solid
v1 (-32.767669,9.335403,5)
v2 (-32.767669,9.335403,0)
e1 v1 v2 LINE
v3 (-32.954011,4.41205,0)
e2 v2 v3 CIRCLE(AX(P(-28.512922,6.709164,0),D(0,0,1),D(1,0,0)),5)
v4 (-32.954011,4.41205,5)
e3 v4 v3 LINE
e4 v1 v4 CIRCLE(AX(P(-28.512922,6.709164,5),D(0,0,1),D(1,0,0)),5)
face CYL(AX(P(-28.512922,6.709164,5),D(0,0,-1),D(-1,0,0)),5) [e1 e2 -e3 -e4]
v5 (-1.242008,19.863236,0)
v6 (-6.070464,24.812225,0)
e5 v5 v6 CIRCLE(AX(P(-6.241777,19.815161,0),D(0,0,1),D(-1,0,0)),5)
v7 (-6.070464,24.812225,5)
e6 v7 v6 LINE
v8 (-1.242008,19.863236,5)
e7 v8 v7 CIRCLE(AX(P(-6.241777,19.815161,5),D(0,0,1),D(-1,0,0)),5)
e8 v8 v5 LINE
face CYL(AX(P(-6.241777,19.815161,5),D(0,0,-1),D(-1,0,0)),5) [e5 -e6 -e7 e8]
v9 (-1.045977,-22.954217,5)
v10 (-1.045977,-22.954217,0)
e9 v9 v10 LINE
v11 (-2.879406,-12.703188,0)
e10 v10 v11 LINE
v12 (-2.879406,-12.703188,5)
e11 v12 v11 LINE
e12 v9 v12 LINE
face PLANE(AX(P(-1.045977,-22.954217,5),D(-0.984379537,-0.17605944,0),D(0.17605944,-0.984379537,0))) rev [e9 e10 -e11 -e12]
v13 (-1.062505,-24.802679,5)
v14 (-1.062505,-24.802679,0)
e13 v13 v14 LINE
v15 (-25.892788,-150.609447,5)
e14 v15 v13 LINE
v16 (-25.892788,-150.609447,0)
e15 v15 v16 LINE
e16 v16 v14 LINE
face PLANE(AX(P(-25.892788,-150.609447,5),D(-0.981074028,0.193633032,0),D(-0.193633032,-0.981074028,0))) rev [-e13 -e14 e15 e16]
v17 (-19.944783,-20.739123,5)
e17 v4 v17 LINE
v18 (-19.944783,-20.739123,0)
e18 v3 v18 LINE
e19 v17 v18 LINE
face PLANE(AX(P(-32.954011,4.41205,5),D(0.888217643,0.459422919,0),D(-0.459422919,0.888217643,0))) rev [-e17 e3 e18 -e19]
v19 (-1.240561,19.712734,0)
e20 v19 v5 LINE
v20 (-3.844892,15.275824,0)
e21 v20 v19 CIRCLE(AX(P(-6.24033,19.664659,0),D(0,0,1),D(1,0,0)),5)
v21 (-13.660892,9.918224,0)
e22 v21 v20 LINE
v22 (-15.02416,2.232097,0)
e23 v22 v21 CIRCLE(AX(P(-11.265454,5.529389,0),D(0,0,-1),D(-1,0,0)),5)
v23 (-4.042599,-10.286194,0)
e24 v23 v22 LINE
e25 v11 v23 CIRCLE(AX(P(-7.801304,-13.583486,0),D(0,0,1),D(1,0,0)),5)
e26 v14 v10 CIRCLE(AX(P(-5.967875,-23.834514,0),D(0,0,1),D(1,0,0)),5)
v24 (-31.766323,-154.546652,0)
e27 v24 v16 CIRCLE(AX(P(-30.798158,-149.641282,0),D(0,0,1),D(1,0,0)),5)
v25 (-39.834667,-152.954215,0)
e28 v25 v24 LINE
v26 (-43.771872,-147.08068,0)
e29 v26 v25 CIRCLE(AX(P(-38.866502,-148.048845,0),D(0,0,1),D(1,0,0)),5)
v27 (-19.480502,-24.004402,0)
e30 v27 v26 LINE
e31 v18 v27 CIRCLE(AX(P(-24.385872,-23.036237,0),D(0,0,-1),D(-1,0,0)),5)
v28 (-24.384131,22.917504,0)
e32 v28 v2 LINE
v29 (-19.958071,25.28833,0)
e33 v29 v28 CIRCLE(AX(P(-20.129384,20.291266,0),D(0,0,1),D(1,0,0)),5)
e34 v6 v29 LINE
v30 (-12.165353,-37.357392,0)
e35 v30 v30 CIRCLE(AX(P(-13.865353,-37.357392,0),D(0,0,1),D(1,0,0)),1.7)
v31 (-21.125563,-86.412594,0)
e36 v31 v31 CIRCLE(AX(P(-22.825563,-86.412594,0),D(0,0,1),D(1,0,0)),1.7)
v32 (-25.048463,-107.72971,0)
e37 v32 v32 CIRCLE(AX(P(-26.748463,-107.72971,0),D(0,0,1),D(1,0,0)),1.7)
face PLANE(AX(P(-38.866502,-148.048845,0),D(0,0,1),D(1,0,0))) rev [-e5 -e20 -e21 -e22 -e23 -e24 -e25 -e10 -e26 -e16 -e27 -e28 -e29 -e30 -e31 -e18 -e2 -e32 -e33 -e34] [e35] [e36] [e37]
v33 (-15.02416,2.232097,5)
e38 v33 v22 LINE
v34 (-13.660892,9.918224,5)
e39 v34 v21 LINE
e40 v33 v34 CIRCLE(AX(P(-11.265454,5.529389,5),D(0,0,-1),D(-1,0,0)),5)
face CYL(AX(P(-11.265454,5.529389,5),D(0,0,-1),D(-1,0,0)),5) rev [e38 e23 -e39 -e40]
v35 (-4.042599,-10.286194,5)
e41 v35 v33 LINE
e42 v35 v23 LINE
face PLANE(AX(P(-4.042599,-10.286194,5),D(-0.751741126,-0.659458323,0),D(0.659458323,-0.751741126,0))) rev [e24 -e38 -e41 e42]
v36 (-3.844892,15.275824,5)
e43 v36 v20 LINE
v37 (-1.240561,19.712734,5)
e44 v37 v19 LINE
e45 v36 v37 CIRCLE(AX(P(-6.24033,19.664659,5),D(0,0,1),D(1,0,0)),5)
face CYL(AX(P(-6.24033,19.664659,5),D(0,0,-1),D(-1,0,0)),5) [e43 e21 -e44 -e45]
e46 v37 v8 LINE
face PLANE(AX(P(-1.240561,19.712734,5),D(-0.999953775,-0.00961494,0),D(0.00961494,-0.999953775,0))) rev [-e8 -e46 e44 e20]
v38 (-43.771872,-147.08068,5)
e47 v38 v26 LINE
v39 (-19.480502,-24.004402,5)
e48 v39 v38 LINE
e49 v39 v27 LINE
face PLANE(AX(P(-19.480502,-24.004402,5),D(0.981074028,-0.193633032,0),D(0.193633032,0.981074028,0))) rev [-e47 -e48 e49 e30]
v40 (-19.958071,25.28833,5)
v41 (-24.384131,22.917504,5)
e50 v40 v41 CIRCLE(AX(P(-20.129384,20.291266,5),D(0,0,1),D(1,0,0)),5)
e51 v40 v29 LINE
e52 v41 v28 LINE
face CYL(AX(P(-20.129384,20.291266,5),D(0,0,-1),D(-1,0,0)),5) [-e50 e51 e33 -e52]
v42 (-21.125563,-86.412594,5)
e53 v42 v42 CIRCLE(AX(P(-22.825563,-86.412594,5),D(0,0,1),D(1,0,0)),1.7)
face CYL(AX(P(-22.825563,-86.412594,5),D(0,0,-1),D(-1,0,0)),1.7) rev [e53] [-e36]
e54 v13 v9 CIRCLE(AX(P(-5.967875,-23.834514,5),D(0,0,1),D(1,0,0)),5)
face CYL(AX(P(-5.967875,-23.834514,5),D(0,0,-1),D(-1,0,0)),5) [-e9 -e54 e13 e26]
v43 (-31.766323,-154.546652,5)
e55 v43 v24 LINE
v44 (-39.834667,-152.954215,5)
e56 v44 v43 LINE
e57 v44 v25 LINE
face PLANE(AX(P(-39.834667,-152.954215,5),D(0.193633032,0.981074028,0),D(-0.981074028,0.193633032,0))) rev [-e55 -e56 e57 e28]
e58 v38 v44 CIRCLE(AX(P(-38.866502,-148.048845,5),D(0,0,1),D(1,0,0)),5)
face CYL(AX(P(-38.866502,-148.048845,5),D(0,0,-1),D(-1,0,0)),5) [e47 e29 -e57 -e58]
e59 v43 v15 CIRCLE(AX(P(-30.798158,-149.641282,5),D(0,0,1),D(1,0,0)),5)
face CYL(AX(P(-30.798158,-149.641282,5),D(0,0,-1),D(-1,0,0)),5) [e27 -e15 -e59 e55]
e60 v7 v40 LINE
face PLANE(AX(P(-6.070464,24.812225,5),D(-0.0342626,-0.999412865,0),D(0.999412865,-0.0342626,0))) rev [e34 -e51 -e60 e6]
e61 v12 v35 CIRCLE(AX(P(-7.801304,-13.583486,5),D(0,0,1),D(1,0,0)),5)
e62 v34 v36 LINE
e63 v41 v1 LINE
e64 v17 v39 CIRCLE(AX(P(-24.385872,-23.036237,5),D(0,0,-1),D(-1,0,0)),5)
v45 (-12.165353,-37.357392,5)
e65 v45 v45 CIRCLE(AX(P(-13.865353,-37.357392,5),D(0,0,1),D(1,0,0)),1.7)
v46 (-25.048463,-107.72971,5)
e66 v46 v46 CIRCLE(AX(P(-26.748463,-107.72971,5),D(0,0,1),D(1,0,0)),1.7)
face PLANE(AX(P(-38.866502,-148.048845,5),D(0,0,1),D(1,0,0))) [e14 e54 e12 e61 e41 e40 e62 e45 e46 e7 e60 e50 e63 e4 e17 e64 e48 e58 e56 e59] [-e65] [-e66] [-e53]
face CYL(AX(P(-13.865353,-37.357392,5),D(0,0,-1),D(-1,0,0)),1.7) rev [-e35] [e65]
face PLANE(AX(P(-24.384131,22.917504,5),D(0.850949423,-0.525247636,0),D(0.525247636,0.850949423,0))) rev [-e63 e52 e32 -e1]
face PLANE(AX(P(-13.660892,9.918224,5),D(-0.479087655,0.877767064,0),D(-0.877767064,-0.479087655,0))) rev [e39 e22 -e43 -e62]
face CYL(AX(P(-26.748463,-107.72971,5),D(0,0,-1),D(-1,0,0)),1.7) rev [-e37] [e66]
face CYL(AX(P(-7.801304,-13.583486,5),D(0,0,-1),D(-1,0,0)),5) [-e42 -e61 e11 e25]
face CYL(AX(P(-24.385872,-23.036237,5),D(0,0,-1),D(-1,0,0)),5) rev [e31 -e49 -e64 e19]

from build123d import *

# Parameters (mm, degrees)
SKETCH1_R           = 1.7
BOSS_EXTRUDE1_DEPTH = 5


with BuildPart() as part:
    # Sketch1 → Boss-Extrude1 (new body)
    with BuildSketch(Plane.XY):
        with BuildLine():
            Line((-6.070464182, 24.812225303), (-19.958071354, 25.288330369))
            ThreePointArc((-19.958071354, 25.288330369), (-22.490276705, 24.698780913), (-24.384131469, 22.917504226))
            Line((-24.384131469, 22.917504226), (-32.767669467, 9.335402505))
            ThreePointArc((-32.767669467, 9.335402505), (-33.509344938, 6.898271001), (-32.954010567, 4.412049729))
            Line((-32.954010567, 4.412049729), (-19.944783446, -20.739122704))
            ThreePointArc((-19.944783446, -20.739122704), (-19.435661169, -22.332379304), (-19.480501521, -24.004402458))
            Line((-19.480501521, -24.004402458), (-43.771872125, -147.080680186))
            ThreePointArc((-43.771872125, -147.080680186), (-43.019718624, -150.832869688), (-39.834667143, -152.954215487))
            Line((-39.834667143, -152.954215487), (-31.766323039, -154.546651824))
            ThreePointArc((-31.766323039, -154.546651824), (-28.014133538, -153.794498323), (-25.892787738, -150.609446842))
            Line((-25.892787738, -150.609446842), (-1.06250464, -24.802679145))
            ThreePointArc((-1.06250464, -24.802679145), (-0.968074634, -23.879218397), (-1.045977095, -22.954216783))
            Line((-1.045977095, -22.954216783), (-2.879406447, -12.703188307))
            ThreePointArc((-2.879406447, -12.703188307), (-3.295898049, -11.415233674), (-4.042598503, -10.286193895))
            Line((-4.042598503, -10.286193895), (-15.024159675, 2.232097065))
            ThreePointArc((-15.024159675, 2.232097065), (-16.188614474, 6.402596208), (-13.660892318, 9.918224001))
            Line((-13.660892318, 9.918224001), (-3.844891775, 15.275823833))
            ThreePointArc((-3.844891775, 15.275823833), (-1.928275453, 17.133614871), (-1.240561171, 19.712733856))
            Line((-1.240561171, 19.712733856), (-1.242008304, 19.86323568))
            ThreePointArc((-1.242008304, 19.86323568), (-2.662930088, 23.306844453), (-6.070464182, 24.812225303))
        make_face()
        with Locations((-13.865353247, -37.357391651)):
            Circle(SKETCH1_R, mode=Mode.SUBTRACT)
        with Locations((-26.748462507, -107.729710298)):
            Circle(SKETCH1_R, mode=Mode.SUBTRACT)
        with Locations((-22.825562759, -86.412593899)):
            Circle(SKETCH1_R, mode=Mode.SUBTRACT)
    extrude(amount=BOSS_EXTRUDE1_DEPTH)


solid = part.part
